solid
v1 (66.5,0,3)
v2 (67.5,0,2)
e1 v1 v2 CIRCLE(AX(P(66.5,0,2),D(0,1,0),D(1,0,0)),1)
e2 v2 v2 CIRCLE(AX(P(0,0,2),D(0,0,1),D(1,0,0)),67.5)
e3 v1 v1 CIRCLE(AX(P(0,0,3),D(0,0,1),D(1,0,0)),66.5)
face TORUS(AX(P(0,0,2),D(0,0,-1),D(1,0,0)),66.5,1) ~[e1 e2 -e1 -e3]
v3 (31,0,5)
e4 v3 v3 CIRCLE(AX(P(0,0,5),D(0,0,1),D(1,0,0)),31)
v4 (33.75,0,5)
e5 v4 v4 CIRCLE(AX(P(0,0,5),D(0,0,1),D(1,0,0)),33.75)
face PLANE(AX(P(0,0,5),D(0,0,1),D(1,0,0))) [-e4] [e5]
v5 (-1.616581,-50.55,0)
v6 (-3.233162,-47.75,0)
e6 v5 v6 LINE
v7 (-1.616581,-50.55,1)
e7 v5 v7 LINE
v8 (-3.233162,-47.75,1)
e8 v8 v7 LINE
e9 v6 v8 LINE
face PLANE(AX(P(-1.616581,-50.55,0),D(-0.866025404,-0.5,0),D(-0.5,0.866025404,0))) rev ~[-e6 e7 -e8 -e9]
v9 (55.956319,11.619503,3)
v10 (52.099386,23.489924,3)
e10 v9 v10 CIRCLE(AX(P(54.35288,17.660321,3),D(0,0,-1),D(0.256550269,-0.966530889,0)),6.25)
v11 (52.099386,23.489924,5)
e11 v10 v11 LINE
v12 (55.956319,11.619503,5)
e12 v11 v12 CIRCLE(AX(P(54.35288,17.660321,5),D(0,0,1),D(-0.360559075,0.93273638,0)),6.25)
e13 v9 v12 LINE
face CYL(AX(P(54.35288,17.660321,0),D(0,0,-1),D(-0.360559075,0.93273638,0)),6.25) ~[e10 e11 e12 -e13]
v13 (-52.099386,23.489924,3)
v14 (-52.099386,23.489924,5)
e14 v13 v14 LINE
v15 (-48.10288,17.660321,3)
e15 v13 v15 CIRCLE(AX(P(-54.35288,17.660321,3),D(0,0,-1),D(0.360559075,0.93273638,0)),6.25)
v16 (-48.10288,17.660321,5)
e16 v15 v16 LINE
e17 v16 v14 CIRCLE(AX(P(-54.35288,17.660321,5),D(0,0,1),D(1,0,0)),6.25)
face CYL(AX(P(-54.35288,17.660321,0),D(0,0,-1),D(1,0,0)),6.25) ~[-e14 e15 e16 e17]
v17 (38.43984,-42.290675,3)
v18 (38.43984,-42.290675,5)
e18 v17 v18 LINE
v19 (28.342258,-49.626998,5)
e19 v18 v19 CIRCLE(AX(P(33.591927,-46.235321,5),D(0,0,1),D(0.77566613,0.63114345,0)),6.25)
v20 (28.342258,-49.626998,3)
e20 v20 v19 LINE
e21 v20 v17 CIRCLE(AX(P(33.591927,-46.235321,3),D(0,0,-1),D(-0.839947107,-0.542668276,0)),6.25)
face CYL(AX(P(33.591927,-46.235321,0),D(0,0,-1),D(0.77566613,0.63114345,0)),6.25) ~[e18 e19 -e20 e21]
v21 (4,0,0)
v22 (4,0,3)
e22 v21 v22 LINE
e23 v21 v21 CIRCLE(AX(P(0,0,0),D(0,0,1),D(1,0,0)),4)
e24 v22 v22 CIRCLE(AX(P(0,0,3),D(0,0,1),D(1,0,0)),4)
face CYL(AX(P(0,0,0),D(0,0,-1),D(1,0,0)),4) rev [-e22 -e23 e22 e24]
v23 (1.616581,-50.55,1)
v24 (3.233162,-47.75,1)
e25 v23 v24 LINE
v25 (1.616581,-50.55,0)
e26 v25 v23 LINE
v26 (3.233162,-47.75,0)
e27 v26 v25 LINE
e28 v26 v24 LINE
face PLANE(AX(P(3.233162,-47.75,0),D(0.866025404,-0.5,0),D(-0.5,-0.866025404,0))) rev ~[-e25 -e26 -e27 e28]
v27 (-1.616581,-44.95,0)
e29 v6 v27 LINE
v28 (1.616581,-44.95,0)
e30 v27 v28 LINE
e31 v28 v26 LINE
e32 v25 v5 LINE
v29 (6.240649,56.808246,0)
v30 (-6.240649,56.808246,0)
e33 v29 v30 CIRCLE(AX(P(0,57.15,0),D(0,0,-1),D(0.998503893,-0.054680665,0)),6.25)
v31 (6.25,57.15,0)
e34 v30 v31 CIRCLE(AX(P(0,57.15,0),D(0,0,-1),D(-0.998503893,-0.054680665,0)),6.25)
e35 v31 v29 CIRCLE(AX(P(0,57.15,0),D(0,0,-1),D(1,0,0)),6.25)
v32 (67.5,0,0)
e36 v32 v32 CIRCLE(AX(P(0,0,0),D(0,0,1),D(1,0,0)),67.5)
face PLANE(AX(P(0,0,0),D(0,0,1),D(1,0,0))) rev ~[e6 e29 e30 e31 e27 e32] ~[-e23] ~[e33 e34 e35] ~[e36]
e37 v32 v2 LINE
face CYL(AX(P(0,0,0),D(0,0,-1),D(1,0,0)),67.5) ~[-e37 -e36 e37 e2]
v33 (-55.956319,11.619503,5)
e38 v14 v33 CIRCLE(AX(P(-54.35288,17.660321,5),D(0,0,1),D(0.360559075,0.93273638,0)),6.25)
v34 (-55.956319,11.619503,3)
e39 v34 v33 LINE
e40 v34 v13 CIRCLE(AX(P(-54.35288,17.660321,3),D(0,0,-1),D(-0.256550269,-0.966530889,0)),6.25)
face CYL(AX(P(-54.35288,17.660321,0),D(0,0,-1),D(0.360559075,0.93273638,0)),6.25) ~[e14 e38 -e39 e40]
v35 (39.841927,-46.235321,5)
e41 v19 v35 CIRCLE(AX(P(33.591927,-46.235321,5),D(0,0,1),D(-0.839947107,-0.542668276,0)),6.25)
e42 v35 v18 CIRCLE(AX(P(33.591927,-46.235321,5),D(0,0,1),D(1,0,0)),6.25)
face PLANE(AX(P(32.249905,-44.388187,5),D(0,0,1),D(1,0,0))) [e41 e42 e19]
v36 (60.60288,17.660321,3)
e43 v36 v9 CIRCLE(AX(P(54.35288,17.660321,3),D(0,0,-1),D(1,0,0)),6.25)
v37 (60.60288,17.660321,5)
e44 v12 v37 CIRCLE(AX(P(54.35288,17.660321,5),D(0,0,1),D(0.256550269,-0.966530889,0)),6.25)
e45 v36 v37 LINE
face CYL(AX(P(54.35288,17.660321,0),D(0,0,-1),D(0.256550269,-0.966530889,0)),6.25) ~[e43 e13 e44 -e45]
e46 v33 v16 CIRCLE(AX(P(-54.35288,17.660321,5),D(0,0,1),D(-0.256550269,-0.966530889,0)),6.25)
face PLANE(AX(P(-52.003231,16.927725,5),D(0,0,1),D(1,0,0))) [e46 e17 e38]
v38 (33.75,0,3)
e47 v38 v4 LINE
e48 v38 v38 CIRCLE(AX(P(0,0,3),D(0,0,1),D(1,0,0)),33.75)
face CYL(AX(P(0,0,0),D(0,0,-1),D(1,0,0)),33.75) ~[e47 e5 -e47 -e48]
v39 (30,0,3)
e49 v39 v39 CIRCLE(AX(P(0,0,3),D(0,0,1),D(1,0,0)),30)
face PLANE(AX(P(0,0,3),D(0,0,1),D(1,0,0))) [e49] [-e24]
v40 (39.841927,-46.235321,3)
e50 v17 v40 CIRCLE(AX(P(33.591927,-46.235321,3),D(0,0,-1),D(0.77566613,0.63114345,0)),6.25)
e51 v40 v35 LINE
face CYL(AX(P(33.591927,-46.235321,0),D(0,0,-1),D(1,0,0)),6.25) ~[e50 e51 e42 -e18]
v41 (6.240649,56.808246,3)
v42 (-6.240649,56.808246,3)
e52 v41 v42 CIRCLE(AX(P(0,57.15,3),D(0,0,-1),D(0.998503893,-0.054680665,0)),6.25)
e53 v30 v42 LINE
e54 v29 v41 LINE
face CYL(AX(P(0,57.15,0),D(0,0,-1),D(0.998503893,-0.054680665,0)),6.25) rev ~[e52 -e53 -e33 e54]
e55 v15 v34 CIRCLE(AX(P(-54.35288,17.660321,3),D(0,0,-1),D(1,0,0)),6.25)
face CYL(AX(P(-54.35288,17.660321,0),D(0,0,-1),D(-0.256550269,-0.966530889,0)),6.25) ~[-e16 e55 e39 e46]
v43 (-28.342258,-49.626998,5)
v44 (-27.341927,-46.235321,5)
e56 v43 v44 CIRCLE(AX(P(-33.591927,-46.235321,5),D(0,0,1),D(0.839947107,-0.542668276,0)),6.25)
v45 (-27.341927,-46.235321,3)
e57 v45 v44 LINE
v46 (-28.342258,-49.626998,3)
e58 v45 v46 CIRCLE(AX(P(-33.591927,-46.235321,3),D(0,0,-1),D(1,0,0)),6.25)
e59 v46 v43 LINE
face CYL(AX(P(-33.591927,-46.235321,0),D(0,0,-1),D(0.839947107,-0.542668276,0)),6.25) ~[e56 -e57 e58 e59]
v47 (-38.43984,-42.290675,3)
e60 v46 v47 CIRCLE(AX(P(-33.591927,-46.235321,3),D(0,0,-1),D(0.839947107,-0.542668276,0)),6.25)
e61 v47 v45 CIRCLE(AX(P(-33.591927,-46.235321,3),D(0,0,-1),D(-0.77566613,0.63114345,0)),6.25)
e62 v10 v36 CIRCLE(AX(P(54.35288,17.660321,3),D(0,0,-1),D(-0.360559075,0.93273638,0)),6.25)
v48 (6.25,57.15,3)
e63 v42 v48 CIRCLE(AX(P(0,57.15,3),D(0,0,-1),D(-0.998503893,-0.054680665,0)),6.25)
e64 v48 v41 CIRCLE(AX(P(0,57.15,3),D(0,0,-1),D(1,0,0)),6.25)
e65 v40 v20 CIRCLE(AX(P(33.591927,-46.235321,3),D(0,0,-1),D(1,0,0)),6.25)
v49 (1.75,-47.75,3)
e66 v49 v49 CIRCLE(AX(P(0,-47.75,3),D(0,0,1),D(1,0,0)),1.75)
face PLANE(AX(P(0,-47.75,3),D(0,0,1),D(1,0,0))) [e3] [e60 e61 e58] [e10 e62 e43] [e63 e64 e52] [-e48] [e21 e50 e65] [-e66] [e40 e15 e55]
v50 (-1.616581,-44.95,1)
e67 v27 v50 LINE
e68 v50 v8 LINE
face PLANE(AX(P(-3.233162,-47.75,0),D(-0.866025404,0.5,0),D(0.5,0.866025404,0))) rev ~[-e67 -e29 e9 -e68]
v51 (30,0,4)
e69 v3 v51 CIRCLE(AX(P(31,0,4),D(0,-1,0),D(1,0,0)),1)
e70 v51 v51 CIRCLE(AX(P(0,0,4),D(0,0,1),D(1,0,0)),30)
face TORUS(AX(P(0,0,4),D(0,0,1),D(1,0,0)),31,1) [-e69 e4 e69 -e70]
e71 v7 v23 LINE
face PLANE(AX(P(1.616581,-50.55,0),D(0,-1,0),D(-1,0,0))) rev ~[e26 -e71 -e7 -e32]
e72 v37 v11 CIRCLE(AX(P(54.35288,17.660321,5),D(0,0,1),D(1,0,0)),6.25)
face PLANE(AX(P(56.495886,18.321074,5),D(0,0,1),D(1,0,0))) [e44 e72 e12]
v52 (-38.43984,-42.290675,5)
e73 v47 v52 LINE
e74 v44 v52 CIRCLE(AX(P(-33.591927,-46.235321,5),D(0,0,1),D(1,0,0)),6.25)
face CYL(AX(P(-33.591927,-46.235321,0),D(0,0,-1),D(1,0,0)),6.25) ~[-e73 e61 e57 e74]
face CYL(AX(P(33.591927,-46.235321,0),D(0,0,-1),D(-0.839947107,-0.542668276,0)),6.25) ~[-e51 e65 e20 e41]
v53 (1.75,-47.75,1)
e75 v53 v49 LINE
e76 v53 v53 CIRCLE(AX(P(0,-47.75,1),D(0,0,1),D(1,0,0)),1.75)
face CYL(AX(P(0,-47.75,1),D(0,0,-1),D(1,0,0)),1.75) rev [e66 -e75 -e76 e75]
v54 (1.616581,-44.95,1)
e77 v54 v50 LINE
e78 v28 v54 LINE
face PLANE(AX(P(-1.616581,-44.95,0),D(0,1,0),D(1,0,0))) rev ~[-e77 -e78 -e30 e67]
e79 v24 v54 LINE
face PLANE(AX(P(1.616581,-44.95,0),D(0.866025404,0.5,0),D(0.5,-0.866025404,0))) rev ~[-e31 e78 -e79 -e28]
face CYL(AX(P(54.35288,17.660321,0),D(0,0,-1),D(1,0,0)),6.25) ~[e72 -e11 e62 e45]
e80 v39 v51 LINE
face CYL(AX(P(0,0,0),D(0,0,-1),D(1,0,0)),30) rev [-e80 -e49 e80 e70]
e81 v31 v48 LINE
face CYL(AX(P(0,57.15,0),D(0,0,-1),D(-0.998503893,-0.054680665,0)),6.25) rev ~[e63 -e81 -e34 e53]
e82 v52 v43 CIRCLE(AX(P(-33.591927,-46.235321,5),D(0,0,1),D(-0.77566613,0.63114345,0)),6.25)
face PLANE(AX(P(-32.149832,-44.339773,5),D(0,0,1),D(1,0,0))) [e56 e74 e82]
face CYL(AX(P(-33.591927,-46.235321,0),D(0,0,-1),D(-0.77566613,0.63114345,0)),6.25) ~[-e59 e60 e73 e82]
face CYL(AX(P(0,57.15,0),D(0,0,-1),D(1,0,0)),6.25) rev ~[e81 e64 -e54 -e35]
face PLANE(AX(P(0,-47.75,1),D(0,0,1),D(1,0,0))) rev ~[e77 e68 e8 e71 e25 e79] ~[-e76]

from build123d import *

# Parameters (mm, degrees)
F0_R     = 67.5
F0_R_2   = 33.75
F1_DEPTH = 3
F0_R_3   = 30
F0_R_4   = 4
F2_DEPTH = 5
F3_START = 1
F0_R_5   = 1.75
F3_DEPTH = 2
F4_R     = 1


with BuildPart() as f1:
    # F0 (on Top) → F1 (new body)
    with BuildSketch(Plane.XY):
        Circle(F0_R)
        with BuildLine():
            ThreePointArc((-6.240649333, 56.8082458443), (-0.1709410263, 63.3976618959), (6.25, 57.15))
            ThreePointArc((6.25, 57.15), (6.2476618959, 56.9790589737), (6.240649333, 56.8082458443))
            ThreePointArc((6.240649333, 56.8082458443), (33.5919271685, 46.2353212285), (52.0993856897, 23.4899236005))
            ThreePointArc((52.0993856897, 23.4899236005), (57.8868692347, 22.8152624917), (60.6028799063, 17.6603212285))
            ThreePointArc((60.6028799063, 17.6603212285), (59.3068679409, 13.8497435095), (55.9563190893, 11.6195031725))
            ThreePointArc((55.9563190893, 11.6195031725), (56.8507965465, 5.8403280749), (57.15, 0))
            ThreePointArc((57.15, 0), (52.2635598843, -23.1223443496), (38.4398404822, -42.290674666))
            ThreePointArc((38.4398404822, -42.290674666), (39.480983044, -44.1421129506), (39.8419271685, -46.2353212285))
            ThreePointArc((39.8419271685, -46.2353212285), (35.3599862925, -52.2300244684), (28.3422577496, -49.6269979513))
            ThreePointArc((28.3422577496, -49.6269979513), (0, -57.15), (-28.3422577496, -49.6269979513))
            ThreePointArc((-28.3422577496, -49.6269979513), (-37.2655849953, -51.2916774434), (-38.4398404822, -42.290674666))
            ThreePointArc((-38.4398404822, -42.290674666), (-54.3528799063, -17.6603212285), (-55.9563190893, 11.6195031725))
            ThreePointArc((-55.9563190893, 11.6195031725), (-60.2969831331, 19.5916774434), (-52.0993856897, 23.4899236005))
            ThreePointArc((-52.0993856897, 23.4899236005), (-33.5919271685, 46.2353212285), (-6.240649333, 56.8082458443))
        make_face(mode=Mode.SUBTRACT)
        with BuildLine():
            ThreePointArc((6.240649333, 56.8082458443), (0, 50.9), (-6.240649333, 56.8082458443))
            ThreePointArc((-6.240649333, 56.8082458443), (-33.5919271685, 46.2353212285), (-52.0993856897, 23.4899236005))
            ThreePointArc((-52.0993856897, 23.4899236005), (-49.1979386431, 21.1943105569), (-48.1028799063, 17.6603212285))
            ThreePointArc((-48.1028799063, 17.6603212285), (-50.5423021872, 12.7063331939), (-55.9563190893, 11.6195031725))
            ThreePointArc((-55.9563190893, 11.6195031725), (-54.3528799063, -17.6603212285), (-38.4398404822, -42.290674666))
            ThreePointArc((-38.4398404822, -42.290674666), (-31.4987188906, -40.346265353), (-27.3419271685, -46.2353212285))
            ThreePointArc((-27.3419271685, -46.2353212285), (-27.5972239286, -48.0033803525), (-28.3422577496, -49.6269979513))
            ThreePointArc((-28.3422577496, -49.6269979513), (0, -57.15), (28.3422577496, -49.6269979513))
            ThreePointArc((28.3422577496, -49.6269979513), (29.9182693417, -41.1789650137), (38.4398404822, -42.290674666))
            ThreePointArc((38.4398404822, -42.290674666), (52.2635598843, -23.1223443496), (57.15, 0))
            ThreePointArc((57.15, 0), (56.8507965465, 5.8403280749), (55.9563190893, 11.6195031725))
            ThreePointArc((55.9563190893, 11.6195031725), (48.4087766794, 15.7289650137), (52.0993856897, 23.4899236005))
            ThreePointArc((52.0993856897, 23.4899236005), (33.5919271685, 46.2353212285), (6.240649333, 56.8082458443))
        make_face()
        Polygon((3.2331615075, -47.75), (1.6165807537, -50.55), (-1.6165807537, -50.55), (-3.2331615075, -47.75), (-1.6165807537, -44.95), (1.6165807537, -44.95), align=None, mode=Mode.SUBTRACT)
        Circle(F0_R_2, mode=Mode.SUBTRACT)
    extrude(amount=F1_DEPTH)



with BuildPart() as f1b:
    # F0 (on Top) → F1, piece 2 (new body)
    with BuildSketch(Plane.XY):
        Circle(F0_R_3)
        Circle(F0_R_4, mode=Mode.SUBTRACT)
    extrude(amount=F1_DEPTH)


with BuildPart() as f1_1:
    add(f1.part)

    add(f1b.part)  # F2 merges F1b
    # F0 (on Top) → F2 (join)
    with BuildSketch(Plane.XY):
        Circle(F0_R_2)
        Circle(F0_R_3, mode=Mode.SUBTRACT)
        with BuildLine():
            ThreePointArc((-48.1028799063, 17.6603212285), (-49.1979386431, 21.1943105569), (-52.0993856897, 23.4899236005))
            ThreePointArc((-52.0993856897, 23.4899236005), (-54.3528799063, 17.6603212285), (-55.9563190893, 11.6195031725))
            ThreePointArc((-55.9563190893, 11.6195031725), (-50.5423021872, 12.7063331939), (-48.1028799063, 17.6603212285))
        make_face()
        with BuildLine():
            ThreePointArc((-55.9563190893, 11.6195031725), (-54.3528799063, 17.6603212285), (-52.0993856897, 23.4899236005))
            ThreePointArc((-52.0993856897, 23.4899236005), (-60.2969831331, 19.5916774434), (-55.9563190893, 11.6195031725))
        make_face()
        with BuildLine():
            ThreePointArc((60.6028799063, 17.6603212285), (57.8868692347, 22.8152624917), (52.0993856897, 23.4899236005))
            ThreePointArc((52.0993856897, 23.4899236005), (54.3528799063, 17.6603212285), (55.9563190893, 11.6195031725))
            ThreePointArc((55.9563190893, 11.6195031725), (59.3068679409, 13.8497435095), (60.6028799063, 17.6603212285))
        make_face()
        with BuildLine():
            ThreePointArc((55.9563190893, 11.6195031725), (54.3528799063, 17.6603212285), (52.0993856897, 23.4899236005))
            ThreePointArc((52.0993856897, 23.4899236005), (48.4087766794, 15.7289650137), (55.9563190893, 11.6195031725))
        make_face()
        with BuildLine():
            ThreePointArc((28.3422577496, -49.6269979513), (33.5919271685, -46.2353212285), (38.4398404822, -42.290674666))
            ThreePointArc((38.4398404822, -42.290674666), (29.9182693417, -41.1789650137), (28.3422577496, -49.6269979513))
        make_face()
        with BuildLine():
            ThreePointArc((39.8419271685, -46.2353212285), (39.480983044, -44.1421129506), (38.4398404822, -42.290674666))
            ThreePointArc((38.4398404822, -42.290674666), (33.5919271685, -46.2353212285), (28.3422577496, -49.6269979513))
            ThreePointArc((28.3422577496, -49.6269979513), (35.3599862925, -52.2300244684), (39.8419271685, -46.2353212285))
        make_face()
        with BuildLine():
            ThreePointArc((-27.3419271685, -46.2353212285), (-31.4987188906, -40.346265353), (-38.4398404822, -42.290674666))
            ThreePointArc((-38.4398404822, -42.290674666), (-33.5919271685, -46.2353212285), (-28.3422577496, -49.6269979513))
            ThreePointArc((-28.3422577496, -49.6269979513), (-27.5972239286, -48.0033803525), (-27.3419271685, -46.2353212285))
        make_face()
        with BuildLine():
            ThreePointArc((-28.3422577496, -49.6269979513), (-33.5919271685, -46.2353212285), (-38.4398404822, -42.290674666))
            ThreePointArc((-38.4398404822, -42.290674666), (-37.2655849953, -51.2916774434), (-28.3422577496, -49.6269979513))
        make_face()
    extrude(amount=F2_DEPTH)

    # F0 (on Top) → F3 (join)
    with BuildSketch(Plane.XY.offset(F3_START)):
        Polygon((-1.6165807537, -50.55), (1.6165807537, -50.55), (3.2331615075, -47.75), (1.6165807537, -44.95), (-1.6165807537, -44.95), (-3.2331615075, -47.75), align=None)
        with Locations((0, -47.75)):
            Circle(F0_R_5, mode=Mode.SUBTRACT)
    extrude(amount=F3_DEPTH)

    # F4
    f4_edges = [f1_1.edges().sort_by_distance(p)[0] for p in [
        (-67.5, 0, 3),
        (-30, 0, 5),
    ]]
    fillet(f4_edges, radius=F4_R)


solid = f1_1.part
